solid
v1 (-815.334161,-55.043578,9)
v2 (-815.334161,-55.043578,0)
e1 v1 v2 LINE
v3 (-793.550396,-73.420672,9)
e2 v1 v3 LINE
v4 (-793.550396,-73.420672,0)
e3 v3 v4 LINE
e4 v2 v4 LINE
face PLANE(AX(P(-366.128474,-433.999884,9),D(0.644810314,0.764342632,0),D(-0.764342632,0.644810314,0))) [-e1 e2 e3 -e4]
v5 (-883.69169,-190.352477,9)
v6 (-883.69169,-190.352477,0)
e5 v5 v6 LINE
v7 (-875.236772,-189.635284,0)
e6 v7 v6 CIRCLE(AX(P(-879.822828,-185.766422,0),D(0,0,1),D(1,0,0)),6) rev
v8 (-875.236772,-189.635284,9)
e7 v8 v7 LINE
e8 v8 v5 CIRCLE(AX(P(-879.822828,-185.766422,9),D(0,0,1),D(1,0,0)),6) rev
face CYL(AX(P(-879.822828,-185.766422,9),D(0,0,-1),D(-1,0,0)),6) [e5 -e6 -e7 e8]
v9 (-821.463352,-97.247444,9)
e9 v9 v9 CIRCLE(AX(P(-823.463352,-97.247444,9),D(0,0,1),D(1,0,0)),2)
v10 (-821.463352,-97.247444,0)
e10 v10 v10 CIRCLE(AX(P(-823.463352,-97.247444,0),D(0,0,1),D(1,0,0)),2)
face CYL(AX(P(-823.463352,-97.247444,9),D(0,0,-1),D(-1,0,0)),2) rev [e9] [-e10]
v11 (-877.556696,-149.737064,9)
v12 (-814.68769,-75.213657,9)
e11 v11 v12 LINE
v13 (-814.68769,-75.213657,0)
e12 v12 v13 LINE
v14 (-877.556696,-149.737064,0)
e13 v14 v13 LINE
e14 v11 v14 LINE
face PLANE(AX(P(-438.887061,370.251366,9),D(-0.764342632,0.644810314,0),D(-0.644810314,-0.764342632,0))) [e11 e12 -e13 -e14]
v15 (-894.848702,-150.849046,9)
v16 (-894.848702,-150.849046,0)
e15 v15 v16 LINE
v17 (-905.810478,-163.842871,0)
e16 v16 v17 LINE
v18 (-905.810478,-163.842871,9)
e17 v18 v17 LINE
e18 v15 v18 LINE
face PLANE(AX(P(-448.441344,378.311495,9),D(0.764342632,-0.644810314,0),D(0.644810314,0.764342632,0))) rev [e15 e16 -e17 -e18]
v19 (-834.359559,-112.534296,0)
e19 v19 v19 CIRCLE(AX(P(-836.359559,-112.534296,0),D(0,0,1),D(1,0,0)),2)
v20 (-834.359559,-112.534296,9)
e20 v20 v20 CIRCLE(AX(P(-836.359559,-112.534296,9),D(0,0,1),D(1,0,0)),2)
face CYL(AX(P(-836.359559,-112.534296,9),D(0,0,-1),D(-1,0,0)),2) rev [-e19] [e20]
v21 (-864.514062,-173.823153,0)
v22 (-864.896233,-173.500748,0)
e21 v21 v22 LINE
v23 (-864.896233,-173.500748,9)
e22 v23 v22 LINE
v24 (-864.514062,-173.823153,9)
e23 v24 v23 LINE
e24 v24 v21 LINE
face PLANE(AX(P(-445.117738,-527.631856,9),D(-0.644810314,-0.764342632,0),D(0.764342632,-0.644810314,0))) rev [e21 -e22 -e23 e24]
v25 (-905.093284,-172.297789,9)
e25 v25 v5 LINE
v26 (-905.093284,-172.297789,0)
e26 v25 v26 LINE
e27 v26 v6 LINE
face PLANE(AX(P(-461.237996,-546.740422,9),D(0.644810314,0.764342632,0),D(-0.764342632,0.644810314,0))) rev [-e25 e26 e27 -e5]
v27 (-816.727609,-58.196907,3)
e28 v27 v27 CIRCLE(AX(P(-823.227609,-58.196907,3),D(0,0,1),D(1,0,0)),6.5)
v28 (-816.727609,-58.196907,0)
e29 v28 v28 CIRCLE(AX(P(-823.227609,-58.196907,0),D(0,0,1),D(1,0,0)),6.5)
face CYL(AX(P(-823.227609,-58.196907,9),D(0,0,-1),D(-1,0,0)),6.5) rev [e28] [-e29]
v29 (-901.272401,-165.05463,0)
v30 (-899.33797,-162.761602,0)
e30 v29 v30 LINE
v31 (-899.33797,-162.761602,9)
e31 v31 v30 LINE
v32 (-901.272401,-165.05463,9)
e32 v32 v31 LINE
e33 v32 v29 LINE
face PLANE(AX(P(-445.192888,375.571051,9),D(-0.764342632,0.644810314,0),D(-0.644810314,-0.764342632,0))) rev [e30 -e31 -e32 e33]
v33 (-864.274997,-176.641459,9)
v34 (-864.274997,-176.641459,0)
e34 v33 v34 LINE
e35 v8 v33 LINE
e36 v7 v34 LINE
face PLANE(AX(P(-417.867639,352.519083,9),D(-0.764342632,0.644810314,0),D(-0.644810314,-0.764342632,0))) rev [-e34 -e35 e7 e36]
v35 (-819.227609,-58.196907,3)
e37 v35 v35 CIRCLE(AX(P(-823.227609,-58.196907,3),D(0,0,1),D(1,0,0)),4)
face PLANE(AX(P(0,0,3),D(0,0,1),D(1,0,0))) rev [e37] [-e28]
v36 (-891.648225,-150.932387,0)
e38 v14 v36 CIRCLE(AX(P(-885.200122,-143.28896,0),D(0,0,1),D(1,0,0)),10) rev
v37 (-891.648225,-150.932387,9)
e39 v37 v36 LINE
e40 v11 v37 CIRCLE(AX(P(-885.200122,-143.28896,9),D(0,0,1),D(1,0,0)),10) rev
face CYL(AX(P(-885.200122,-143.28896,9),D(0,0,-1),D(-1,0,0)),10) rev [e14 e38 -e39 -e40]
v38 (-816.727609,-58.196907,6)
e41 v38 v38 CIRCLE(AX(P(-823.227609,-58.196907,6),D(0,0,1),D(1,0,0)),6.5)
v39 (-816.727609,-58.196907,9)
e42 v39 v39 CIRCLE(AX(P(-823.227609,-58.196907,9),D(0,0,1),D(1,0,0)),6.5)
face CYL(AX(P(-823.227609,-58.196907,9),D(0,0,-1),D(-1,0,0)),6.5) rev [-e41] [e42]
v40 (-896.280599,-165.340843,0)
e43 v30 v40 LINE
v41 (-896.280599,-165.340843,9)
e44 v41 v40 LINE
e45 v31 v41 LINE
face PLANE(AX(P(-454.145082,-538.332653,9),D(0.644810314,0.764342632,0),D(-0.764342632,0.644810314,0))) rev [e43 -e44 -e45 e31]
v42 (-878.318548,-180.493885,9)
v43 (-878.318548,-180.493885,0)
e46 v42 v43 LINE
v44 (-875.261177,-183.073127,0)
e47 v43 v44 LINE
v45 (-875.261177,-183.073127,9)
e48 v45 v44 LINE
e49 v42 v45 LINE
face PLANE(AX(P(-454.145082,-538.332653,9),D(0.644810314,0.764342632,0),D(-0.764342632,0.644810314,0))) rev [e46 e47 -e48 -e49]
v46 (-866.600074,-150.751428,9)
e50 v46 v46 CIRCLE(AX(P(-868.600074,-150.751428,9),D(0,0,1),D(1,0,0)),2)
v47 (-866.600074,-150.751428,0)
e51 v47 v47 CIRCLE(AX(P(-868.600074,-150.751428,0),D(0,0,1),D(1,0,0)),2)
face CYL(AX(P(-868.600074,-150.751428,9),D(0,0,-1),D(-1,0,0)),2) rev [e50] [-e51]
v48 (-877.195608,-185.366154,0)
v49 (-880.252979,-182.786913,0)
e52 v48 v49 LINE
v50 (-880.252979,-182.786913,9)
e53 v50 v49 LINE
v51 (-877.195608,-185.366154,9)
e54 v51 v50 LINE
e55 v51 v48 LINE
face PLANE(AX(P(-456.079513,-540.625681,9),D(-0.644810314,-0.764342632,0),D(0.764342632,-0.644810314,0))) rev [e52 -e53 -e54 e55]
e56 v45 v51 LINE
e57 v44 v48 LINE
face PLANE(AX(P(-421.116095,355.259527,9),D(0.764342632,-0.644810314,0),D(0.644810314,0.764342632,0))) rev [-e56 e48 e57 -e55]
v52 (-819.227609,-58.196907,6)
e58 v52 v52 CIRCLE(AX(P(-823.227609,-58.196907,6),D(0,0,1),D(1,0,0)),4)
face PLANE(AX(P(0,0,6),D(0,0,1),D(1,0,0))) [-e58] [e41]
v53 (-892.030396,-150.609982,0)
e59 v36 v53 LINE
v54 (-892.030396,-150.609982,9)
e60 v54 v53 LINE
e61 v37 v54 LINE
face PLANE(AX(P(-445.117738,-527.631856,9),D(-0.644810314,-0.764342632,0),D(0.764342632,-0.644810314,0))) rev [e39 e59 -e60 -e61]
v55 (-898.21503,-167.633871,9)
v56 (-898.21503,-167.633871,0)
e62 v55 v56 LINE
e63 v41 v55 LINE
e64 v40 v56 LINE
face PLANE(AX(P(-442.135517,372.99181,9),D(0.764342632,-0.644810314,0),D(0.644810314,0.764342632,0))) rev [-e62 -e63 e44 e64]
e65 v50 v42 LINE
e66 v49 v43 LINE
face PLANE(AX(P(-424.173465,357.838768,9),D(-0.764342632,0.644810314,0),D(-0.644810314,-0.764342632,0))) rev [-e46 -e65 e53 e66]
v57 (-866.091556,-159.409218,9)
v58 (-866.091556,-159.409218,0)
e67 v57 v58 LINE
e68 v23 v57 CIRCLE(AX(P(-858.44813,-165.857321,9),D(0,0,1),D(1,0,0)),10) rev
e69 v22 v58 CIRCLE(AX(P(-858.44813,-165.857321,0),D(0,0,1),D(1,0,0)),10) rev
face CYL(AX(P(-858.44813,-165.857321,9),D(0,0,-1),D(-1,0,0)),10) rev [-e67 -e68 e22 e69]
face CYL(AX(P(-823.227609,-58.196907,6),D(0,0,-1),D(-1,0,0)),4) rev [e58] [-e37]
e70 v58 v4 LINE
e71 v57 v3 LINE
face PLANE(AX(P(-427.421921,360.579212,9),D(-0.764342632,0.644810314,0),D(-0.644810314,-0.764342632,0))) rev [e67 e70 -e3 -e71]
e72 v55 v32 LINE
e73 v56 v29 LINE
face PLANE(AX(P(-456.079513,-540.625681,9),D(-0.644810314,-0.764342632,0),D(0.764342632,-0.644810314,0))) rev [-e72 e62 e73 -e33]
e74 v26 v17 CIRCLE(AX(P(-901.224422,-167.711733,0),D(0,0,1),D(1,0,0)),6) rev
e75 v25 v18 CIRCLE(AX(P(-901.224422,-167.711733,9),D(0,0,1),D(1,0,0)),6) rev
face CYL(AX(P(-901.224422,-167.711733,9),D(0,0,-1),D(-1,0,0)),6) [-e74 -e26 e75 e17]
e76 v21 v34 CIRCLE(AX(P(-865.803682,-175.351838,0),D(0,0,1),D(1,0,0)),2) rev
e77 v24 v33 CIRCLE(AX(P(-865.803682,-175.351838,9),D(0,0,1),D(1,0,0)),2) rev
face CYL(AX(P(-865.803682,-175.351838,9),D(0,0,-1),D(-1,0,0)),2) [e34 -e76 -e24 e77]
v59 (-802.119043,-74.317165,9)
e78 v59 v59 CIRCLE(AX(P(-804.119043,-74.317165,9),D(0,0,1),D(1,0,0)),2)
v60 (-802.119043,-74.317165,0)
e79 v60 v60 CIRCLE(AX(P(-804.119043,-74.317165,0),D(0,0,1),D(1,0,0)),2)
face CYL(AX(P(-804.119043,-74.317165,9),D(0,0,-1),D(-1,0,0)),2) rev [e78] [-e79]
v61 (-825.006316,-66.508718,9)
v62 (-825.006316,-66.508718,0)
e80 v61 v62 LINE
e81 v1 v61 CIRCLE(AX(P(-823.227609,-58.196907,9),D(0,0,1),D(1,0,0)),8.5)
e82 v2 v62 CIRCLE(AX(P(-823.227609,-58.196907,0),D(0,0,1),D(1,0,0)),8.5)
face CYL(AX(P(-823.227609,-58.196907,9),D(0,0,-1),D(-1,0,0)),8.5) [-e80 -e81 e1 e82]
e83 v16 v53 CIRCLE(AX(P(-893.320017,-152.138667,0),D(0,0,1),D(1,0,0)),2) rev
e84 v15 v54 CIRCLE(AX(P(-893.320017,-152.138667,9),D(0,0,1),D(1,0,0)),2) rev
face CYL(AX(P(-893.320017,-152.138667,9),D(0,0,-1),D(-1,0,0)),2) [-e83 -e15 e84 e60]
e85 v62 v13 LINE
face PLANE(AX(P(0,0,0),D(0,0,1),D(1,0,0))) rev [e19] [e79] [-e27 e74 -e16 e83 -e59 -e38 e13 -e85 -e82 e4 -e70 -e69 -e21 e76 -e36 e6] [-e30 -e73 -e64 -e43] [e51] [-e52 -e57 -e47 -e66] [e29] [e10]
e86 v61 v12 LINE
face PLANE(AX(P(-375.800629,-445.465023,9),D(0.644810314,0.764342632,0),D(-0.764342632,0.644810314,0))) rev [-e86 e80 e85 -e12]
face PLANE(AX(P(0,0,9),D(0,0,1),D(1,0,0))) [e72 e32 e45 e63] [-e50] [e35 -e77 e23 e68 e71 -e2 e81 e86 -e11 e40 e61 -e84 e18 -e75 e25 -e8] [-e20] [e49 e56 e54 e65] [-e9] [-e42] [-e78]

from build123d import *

# Parameters (mm, degrees)
SKETCH2_R           = 2
SKETCH2_R_2         = 6.5
BOSS_EXTRUDE2_DEPTH = 9
BOSS_EXTRUDE5_START = 3
SKETCH2_7_R         = 6.5
SKETCH2_7_R_2       = 4
BOSS_EXTRUDE5_DEPTH = 3


with BuildPart() as part:
    # Sketch2 → Boss-Extrude2 (new body)
    with BuildSketch(Plane.XY):
        with BuildLine():
            Line((-793.550395835, -73.420672293), (-815.334160836, -55.043578334))
            ThreePointArc((-815.334160836, -55.043578334), (-829.724521088, -52.716019141), (-825.006315551, -66.508717808))
            Line((-825.006315551, -66.508717808), (-814.687690024, -75.213657052))
            Line((-814.687690024, -75.213657052), (-877.556695674, -149.737063634))
            ThreePointArc((-877.556695674, -149.737063634), (-884.354900869, -153.253176529), (-891.648225133, -150.932386807))
            Line((-891.648225133, -150.932386807), (-892.030396449, -150.609981649))
            ThreePointArc((-892.030396449, -150.609981649), (-893.489061302, -150.145823705), (-894.848702341, -150.849046284))
            Line((-894.848702341, -150.849046284), (-905.810477685, -163.842871021))
            ThreePointArc((-905.810477685, -163.842871021), (-907.202951518, -168.21886558), (-905.093283782, -172.297788697))
            Line((-905.093283782, -172.297788697), (-883.691690097, -190.352477499))
            ThreePointArc((-883.691690097, -190.352477499), (-879.315695538, -191.744951332), (-875.236772421, -189.635283596))
            Line((-875.236772421, -189.635283596), (-864.274997077, -176.641458858))
            ThreePointArc((-864.274997077, -176.641458858), (-863.810839132, -175.182794005), (-864.514061711, -173.823152966))
            Line((-864.514061711, -173.823152966), (-864.896233027, -173.500747809))
            ThreePointArc((-864.896233027, -173.500747809), (-868.412345922, -166.702542614), (-866.0915562, -159.409218349))
            Line((-866.0915562, -159.409218349), (-793.550395835, -73.420672293))
        make_face()
        Polygon((-898.215030346, -167.633870852), (-901.272400872, -165.054629594), (-899.337969929, -162.761601699), (-896.280599403, -165.340842957), align=None, mode=Mode.SUBTRACT)
        Polygon((-877.195607976, -185.366154496), (-880.252978503, -182.786913239), (-878.31854756, -180.493885344), (-875.261177033, -183.073126602), align=None, mode=Mode.SUBTRACT)
        with Locations((-868.600074365, -150.751427834)):
            Circle(SKETCH2_R, mode=Mode.SUBTRACT)
        with Locations((-836.359558647, -112.534296253)):
            Circle(SKETCH2_R, mode=Mode.SUBTRACT)
        with Locations((-823.46335236, -97.247443621)):
            Circle(SKETCH2_R, mode=Mode.SUBTRACT)
        with Locations((-804.119042929, -74.317164672)):
            Circle(SKETCH2_R, mode=Mode.SUBTRACT)
        with Locations((-823.22760872, -58.196906813)):
            Circle(SKETCH2_R_2, mode=Mode.SUBTRACT)
    extrude(amount=BOSS_EXTRUDE2_DEPTH)

    # Sketch2<7> → Boss-Extrude5 (add)
    with BuildSketch(Plane.XY.offset(BOSS_EXTRUDE5_START)):
        with Locations((-823.22760872, -58.196906813)):
            Circle(SKETCH2_7_R)
        with Locations((-823.22760872, -58.196906813)):
            Circle(SKETCH2_7_R_2, mode=Mode.SUBTRACT)
    extrude(amount=BOSS_EXTRUDE5_DEPTH)


solid = part.part
